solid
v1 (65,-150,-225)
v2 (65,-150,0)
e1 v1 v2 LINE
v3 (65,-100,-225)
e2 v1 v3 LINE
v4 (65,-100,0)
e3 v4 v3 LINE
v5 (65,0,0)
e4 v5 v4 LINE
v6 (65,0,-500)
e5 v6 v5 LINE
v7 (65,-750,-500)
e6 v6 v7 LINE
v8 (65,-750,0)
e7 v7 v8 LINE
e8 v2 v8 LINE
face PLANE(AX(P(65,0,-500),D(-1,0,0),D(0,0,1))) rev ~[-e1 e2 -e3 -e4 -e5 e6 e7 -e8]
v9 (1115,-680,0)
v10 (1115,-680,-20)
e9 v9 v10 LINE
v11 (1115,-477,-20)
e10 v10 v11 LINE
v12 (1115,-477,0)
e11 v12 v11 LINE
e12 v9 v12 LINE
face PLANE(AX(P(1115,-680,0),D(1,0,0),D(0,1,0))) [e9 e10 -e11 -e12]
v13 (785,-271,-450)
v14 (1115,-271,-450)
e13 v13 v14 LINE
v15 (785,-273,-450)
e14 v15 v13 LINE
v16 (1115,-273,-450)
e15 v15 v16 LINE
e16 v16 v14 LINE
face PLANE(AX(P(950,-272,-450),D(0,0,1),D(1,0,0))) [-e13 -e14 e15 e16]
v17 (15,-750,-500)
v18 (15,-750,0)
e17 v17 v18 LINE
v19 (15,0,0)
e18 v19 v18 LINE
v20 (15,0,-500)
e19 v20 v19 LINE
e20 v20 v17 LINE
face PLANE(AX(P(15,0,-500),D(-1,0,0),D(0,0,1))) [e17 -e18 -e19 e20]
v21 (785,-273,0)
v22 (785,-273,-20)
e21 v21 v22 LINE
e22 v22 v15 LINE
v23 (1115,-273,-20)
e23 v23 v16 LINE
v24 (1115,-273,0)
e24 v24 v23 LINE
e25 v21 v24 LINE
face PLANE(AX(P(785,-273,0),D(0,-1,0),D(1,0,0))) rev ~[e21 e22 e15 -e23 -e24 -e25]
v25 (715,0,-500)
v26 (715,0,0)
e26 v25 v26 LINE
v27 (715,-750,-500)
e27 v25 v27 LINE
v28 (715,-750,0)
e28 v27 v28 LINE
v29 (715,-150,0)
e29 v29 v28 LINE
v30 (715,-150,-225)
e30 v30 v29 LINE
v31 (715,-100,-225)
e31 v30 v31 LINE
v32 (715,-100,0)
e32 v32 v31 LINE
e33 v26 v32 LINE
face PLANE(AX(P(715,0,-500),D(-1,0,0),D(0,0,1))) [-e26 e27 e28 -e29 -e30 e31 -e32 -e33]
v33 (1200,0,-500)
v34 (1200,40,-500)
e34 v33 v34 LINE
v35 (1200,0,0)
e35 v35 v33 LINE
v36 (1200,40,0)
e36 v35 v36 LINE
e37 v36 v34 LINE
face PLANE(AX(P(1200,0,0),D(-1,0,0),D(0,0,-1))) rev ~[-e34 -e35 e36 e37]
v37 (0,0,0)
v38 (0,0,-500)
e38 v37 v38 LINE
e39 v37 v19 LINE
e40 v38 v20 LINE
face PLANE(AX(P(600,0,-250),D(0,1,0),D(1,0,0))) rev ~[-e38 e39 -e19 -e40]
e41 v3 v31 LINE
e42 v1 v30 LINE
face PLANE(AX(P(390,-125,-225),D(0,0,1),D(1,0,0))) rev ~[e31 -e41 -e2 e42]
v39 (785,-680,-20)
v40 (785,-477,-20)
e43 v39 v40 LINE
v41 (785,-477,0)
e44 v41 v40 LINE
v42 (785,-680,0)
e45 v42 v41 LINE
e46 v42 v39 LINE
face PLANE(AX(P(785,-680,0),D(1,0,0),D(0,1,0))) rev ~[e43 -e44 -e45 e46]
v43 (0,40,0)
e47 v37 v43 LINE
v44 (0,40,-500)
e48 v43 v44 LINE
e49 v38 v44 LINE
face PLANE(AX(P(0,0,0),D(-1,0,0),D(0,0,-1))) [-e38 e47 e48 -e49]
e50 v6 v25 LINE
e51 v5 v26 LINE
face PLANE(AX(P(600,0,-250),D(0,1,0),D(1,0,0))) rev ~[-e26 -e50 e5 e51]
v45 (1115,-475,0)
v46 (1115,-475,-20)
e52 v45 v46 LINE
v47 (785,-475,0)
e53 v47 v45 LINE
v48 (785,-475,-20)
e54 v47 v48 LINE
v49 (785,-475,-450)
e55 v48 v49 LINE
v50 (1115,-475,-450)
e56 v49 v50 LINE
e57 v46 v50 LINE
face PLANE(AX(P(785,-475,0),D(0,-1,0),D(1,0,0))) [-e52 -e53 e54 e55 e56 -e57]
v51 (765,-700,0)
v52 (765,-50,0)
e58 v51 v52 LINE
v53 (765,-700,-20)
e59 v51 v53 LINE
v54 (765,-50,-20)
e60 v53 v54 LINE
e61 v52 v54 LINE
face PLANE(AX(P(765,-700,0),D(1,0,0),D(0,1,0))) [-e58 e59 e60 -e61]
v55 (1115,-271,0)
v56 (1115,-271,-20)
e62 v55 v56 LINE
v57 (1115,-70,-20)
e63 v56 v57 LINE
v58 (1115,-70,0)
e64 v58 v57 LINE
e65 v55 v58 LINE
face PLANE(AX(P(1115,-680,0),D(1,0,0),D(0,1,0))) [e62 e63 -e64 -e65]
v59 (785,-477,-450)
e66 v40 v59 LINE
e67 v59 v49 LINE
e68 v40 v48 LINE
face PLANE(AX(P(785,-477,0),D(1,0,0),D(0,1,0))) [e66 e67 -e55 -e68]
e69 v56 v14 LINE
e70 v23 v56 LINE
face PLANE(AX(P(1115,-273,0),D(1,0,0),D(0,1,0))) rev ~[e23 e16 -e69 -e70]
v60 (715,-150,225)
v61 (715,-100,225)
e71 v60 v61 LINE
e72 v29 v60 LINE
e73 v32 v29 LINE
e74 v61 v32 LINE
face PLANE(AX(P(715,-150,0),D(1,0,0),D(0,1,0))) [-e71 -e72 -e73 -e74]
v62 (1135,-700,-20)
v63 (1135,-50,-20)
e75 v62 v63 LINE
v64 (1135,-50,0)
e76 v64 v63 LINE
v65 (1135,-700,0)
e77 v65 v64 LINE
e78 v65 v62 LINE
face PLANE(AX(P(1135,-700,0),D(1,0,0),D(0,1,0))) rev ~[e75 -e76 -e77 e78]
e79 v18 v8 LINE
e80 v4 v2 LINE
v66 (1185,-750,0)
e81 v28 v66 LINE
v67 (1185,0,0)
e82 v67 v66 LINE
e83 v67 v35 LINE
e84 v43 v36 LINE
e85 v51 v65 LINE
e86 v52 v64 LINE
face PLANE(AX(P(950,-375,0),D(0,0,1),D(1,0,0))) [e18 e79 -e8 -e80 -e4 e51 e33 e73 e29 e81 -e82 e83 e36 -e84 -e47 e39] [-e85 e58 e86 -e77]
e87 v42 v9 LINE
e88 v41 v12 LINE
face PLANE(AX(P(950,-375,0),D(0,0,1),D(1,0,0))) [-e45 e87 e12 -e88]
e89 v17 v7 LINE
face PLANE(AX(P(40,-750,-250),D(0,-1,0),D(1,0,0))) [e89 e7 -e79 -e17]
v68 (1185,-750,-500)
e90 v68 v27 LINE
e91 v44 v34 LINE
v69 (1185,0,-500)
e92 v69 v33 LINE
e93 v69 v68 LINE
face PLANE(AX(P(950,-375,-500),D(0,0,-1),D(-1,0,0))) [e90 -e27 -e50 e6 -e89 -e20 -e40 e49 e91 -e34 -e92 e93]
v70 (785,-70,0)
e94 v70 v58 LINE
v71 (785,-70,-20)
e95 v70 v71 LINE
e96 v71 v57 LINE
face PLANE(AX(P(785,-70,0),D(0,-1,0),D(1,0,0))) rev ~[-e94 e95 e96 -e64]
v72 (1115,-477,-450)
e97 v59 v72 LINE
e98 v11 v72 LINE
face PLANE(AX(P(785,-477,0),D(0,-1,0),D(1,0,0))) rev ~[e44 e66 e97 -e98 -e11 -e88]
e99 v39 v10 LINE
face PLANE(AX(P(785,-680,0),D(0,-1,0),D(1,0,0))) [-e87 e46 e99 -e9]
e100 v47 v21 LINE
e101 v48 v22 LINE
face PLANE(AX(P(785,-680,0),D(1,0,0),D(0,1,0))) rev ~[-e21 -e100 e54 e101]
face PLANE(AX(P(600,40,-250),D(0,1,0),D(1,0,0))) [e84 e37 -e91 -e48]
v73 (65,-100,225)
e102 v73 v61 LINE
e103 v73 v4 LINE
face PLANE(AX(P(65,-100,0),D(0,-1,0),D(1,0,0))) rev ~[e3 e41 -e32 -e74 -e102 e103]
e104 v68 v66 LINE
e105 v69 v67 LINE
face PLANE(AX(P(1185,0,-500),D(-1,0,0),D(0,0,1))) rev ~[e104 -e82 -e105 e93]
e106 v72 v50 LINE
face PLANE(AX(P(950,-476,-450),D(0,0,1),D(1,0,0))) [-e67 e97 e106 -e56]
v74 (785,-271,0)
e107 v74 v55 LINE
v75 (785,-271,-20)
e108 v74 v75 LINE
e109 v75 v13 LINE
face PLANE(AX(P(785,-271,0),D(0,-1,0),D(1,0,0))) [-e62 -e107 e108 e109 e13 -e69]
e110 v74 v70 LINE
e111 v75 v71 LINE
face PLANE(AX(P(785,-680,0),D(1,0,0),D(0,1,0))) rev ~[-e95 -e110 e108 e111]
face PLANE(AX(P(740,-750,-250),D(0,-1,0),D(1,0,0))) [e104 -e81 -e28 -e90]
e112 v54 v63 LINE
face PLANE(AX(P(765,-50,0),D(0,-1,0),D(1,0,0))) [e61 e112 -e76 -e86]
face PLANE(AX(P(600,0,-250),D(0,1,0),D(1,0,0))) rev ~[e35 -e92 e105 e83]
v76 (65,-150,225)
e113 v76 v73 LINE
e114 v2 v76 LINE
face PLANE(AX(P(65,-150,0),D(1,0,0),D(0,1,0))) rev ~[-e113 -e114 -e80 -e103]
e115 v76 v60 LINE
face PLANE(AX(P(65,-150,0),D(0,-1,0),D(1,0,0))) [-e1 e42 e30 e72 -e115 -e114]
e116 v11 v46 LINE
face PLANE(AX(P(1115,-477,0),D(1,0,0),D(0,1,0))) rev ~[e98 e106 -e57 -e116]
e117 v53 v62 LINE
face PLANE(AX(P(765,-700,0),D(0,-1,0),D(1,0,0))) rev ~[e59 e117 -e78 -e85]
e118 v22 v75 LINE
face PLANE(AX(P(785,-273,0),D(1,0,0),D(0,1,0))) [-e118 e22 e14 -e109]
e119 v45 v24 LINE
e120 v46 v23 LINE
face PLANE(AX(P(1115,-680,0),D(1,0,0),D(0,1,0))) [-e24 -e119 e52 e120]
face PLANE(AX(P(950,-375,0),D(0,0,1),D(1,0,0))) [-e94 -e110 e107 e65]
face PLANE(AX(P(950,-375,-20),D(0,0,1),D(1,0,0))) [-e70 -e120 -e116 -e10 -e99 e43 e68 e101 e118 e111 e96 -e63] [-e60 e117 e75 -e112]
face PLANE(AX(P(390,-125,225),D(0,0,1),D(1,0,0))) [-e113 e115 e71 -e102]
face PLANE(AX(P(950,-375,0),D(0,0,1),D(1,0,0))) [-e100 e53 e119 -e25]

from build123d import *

# Parameters (mm, degrees)
SKETCH1_W               = 1200
SKETCH1_H               = 500
BOSS_EXTRUDE1_DEPTH     = 40
SKETCH2_W               = 50
SKETCH2_H               = 500
BOSS_EXTRUDE2_DEPTH     = 750
SKETCH3_W               = 650
SKETCH3_H               = 50
BOSS_EXTRUDE3_DEPTH     = 225
SKETCH4_W               = 50
SKETCH4_H               = 500
BOSS_EXTRUDE4_DEPTH     = 750
SKETCH5_W               = 370
SKETCH5_H               = 50
BOSS_EXTRUDE5_DEPTH     = 500
SKETCH6_W               = 370
SKETCH6_H               = 650
BOSS_EXTRUDE6_DEPTH     = 50
SKETCH7_W               = 330
SKETCH7_H               = 610
BOSS_EXTRUDE7_DEPTH     = 450
SKETCH13_W              = 370
SKETCH13_H              = 650
SKETCH13_W_2            = 330
SKETCH13_H_2            = 610
BOSS_EXTRUDE9_DEPTH     = 450
SKETCH13_3_W            = 370
SKETCH13_3_H            = 650
SKETCH13_3_W_2          = 330
SKETCH13_3_H_2          = 610
CUT_EXTRUDE1_DEPTH      = 20
SKETCH14_W              = 330
SKETCH14_H              = 2
CUT_EXTRUDE_THIN1_DEPTH = 450


with BuildPart() as part:
    # Sketch1 → Boss-Extrude1 (new body)
    with BuildSketch(Plane(origin=(0, 0, 0), x_dir=(1, 0, 0), z_dir=(0, 1, 0))):
        with Locations((600, 250)):
            Rectangle(SKETCH1_W, SKETCH1_H)
    extrude(amount=BOSS_EXTRUDE1_DEPTH)

    # Sketch2 → Boss-Extrude2 (add)
    with BuildSketch(Plane.XZ):
        with Locations((40, -250)):
            Rectangle(SKETCH2_W, SKETCH2_H)
        with Locations((1160, -250)):
            Rectangle(SKETCH2_W, SKETCH2_H)
    extrude(amount=BOSS_EXTRUDE2_DEPTH)

    # Sketch3 → Boss-Extrude3 (add, symmetric)
    with BuildSketch(Plane.XY):
        with Locations((390, -125)):
            Rectangle(SKETCH3_W, SKETCH3_H)
    extrude(amount=BOSS_EXTRUDE3_DEPTH, both=True)

    # Sketch4 → Boss-Extrude4 (add)
    with BuildSketch(Plane.XZ):
        with Locations((740, -250)):
            Rectangle(SKETCH4_W, SKETCH4_H)
    extrude(amount=BOSS_EXTRUDE4_DEPTH)

    # Sketch5 → Boss-Extrude5 (add)
    with BuildSketch(Plane.XY):
        with Locations((950, -25)):
            Rectangle(SKETCH5_W, SKETCH5_H)
        with Locations((950, -725)):
            Rectangle(SKETCH5_W, SKETCH5_H)
    extrude(amount=-BOSS_EXTRUDE5_DEPTH)

    # Sketch6 → Boss-Extrude6 (add)
    with BuildSketch(Plane(origin=(0, 0, -500), x_dir=(-1, 0, 0), z_dir=(0, 0, -1))):
        with Locations((-950, -375)):
            Rectangle(SKETCH6_W, SKETCH6_H)
    extrude(amount=-BOSS_EXTRUDE6_DEPTH)

    # Sketch7 → Boss-Extrude7 (add)
    with BuildSketch(Plane.XY):
        with Locations((950, -375)):
            Rectangle(SKETCH7_W, SKETCH7_H)
    extrude(amount=-BOSS_EXTRUDE7_DEPTH)

    # Sketch13 → Boss-Extrude9 (add)
    with BuildSketch(Plane.XY):
        with Locations((950, -375)):
            Rectangle(SKETCH13_W, SKETCH13_H)
        with Locations((950, -375)):
            Rectangle(SKETCH13_W_2, SKETCH13_H_2, mode=Mode.SUBTRACT)
    extrude(amount=-BOSS_EXTRUDE9_DEPTH)

    # Sketch13<3> → Cut-Extrude1 (cut)
    with BuildSketch(Plane.XY):
        with Locations((950, -375)):
            Rectangle(SKETCH13_3_W, SKETCH13_3_H)
        with Locations((950, -375)):
            Rectangle(SKETCH13_3_W_2, SKETCH13_3_H_2, mode=Mode.SUBTRACT)
    extrude(amount=-CUT_EXTRUDE1_DEPTH, mode=Mode.SUBTRACT)

    # Sketch14 → Cut-Extrude-Thin1 (cut)
    with BuildSketch(Plane.XY):
        with Locations((950, -272)):
            Rectangle(SKETCH14_W, SKETCH14_H)
        with Locations((950, -476)):
            Rectangle(SKETCH14_W, SKETCH14_H)
    extrude(amount=-CUT_EXTRUDE_THIN1_DEPTH, mode=Mode.SUBTRACT)


solid = part.part
